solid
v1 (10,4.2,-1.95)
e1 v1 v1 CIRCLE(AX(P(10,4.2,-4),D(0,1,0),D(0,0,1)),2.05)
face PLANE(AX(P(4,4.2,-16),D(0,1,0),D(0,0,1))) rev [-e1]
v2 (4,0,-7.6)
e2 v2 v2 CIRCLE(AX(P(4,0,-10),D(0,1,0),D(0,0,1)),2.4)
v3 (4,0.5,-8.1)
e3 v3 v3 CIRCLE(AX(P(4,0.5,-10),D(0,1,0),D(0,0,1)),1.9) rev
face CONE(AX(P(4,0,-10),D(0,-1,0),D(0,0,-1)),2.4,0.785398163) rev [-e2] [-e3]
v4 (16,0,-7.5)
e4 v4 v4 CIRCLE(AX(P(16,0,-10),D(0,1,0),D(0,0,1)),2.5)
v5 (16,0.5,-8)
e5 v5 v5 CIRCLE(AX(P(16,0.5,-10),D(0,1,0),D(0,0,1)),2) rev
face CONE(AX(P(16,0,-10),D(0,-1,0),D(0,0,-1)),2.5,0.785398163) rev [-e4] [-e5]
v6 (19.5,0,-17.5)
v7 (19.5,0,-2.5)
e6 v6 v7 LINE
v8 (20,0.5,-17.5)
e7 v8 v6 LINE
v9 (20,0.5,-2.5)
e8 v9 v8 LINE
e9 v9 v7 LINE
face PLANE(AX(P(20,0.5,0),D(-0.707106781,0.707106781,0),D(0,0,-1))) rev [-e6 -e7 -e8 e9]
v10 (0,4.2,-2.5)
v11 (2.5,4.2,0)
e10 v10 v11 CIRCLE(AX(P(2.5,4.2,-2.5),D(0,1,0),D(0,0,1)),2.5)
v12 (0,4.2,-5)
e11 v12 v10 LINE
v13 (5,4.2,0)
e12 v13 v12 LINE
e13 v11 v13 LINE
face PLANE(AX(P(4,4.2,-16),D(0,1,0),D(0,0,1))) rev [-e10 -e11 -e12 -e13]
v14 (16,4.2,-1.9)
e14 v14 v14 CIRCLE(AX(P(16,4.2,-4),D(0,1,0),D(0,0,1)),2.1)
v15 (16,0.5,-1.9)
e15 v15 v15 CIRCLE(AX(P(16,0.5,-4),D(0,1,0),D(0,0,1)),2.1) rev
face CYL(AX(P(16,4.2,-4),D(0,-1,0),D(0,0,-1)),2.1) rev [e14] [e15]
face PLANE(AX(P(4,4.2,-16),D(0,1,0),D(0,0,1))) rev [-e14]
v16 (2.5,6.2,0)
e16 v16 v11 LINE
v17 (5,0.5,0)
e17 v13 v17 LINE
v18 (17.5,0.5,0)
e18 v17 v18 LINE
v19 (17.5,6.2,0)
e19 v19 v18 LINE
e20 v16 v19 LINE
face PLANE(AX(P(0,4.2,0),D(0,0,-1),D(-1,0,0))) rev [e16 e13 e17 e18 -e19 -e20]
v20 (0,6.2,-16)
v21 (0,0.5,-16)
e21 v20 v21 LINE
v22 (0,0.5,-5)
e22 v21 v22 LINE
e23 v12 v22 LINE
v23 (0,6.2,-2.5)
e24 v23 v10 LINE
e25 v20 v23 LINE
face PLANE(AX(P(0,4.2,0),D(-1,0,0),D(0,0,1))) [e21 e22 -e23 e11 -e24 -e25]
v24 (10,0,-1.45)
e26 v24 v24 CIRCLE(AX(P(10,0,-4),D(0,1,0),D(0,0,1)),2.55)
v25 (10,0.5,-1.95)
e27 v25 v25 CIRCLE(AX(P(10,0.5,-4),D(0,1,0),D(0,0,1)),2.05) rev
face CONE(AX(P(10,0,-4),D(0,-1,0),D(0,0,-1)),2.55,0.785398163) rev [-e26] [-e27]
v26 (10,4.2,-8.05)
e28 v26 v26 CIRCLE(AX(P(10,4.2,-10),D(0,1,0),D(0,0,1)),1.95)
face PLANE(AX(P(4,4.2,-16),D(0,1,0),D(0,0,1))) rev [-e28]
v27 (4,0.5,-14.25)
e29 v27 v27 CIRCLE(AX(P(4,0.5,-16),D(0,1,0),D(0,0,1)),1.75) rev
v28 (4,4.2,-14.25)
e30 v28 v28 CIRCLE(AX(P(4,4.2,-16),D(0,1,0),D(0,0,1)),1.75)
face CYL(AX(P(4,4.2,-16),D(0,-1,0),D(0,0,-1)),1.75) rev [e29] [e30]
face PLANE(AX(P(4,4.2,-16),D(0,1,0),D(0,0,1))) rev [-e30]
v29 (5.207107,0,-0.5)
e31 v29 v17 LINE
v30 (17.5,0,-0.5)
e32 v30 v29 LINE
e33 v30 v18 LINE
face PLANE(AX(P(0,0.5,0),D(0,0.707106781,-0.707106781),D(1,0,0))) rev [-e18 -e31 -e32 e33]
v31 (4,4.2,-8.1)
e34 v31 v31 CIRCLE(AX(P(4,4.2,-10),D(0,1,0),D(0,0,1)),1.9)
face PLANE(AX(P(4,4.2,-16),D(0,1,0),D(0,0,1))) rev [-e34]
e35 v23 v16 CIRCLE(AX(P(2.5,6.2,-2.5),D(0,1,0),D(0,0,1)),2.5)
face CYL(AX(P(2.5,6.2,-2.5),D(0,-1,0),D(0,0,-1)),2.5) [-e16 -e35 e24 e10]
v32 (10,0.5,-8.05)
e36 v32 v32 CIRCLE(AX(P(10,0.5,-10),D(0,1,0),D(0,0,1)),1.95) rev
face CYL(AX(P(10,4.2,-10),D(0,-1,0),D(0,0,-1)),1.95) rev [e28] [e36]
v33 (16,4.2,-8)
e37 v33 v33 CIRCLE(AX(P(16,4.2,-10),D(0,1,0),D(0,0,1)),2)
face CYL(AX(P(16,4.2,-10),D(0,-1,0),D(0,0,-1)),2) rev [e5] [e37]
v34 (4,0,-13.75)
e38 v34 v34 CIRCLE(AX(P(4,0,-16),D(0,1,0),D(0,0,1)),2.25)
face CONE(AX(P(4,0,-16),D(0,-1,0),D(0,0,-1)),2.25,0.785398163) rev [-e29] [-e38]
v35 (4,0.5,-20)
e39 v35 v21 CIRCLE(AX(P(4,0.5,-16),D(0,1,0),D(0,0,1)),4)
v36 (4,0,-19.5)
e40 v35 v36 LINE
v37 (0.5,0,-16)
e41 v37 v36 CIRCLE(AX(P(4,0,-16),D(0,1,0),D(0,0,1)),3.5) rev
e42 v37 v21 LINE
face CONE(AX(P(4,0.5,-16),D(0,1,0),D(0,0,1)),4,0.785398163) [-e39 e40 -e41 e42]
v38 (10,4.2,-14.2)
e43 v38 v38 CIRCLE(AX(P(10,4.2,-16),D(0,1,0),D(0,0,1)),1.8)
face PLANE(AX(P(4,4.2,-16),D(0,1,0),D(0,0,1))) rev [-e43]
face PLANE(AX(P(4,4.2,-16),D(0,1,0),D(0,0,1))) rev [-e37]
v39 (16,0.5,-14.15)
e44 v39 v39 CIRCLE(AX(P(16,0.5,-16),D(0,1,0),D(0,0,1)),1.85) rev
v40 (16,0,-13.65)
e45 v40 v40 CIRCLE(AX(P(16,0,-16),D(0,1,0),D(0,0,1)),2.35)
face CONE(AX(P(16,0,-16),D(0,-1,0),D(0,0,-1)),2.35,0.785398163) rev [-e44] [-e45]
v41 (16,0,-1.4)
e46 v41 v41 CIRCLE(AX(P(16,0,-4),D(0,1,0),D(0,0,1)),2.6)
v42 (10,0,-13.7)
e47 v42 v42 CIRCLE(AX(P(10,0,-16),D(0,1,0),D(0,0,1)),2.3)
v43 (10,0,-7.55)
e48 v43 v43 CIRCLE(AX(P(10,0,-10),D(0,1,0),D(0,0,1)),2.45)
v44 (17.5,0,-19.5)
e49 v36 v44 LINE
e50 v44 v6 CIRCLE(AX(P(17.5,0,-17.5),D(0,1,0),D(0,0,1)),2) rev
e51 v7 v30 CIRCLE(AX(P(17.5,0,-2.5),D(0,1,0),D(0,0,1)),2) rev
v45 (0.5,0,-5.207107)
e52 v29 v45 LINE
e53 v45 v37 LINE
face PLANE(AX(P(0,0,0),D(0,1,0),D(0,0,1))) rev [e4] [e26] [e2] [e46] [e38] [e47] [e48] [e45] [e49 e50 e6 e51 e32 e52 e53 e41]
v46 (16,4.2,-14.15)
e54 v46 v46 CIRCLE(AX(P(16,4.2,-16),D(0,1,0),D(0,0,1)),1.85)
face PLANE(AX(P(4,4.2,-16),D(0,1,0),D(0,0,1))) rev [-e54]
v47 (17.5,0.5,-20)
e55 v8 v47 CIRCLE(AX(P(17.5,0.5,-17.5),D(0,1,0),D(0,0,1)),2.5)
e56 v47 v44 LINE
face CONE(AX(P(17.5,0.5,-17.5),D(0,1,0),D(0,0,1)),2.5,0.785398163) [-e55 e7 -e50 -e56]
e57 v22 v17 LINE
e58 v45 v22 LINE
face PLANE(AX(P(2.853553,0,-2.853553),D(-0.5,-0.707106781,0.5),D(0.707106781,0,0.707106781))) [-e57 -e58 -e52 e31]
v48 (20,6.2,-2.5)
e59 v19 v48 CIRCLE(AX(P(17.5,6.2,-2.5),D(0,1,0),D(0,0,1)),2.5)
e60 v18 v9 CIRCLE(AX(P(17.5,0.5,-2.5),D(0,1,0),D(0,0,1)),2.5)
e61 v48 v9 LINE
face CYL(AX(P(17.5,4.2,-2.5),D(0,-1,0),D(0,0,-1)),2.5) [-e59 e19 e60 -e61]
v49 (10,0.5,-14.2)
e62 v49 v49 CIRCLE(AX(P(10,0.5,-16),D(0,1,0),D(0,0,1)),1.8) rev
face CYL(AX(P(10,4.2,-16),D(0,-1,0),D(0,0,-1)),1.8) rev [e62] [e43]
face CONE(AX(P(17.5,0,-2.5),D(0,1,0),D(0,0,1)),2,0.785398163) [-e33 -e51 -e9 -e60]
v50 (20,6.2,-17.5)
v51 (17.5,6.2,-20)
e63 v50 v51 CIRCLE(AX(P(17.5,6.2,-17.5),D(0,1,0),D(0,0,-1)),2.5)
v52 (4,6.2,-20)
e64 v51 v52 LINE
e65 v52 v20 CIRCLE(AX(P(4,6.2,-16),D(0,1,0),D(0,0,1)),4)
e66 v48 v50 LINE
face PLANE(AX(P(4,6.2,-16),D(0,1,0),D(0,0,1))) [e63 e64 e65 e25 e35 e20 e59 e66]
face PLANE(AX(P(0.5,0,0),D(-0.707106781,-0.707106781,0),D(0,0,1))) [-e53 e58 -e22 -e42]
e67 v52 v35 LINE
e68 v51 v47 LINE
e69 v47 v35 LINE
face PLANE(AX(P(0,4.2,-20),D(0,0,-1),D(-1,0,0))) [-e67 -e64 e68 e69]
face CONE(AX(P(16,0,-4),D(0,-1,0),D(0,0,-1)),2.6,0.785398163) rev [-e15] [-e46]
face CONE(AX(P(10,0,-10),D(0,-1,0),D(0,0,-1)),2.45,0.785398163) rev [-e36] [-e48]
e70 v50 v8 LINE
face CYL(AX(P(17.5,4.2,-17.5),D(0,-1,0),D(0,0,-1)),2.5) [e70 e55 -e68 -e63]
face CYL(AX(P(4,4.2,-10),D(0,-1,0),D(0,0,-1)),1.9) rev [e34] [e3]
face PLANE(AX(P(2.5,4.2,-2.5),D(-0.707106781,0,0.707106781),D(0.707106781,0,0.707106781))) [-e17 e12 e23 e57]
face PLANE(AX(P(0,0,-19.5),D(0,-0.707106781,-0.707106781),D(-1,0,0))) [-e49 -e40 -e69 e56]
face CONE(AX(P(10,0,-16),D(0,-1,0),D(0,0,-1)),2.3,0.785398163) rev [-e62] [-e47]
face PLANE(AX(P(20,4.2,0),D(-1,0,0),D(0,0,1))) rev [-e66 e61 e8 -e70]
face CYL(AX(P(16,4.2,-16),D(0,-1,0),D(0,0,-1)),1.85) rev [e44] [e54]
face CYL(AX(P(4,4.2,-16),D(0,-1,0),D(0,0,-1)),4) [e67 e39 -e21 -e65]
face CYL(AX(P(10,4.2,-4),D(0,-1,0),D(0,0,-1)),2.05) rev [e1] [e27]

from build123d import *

# Parameters (mm, degrees)
SKETCH1_R           = 2.05
SKETCH1_R_2         = 2.1
SKETCH1_R_3         = 1.9
SKETCH1_R_4         = 1.75
SKETCH1_R_5         = 1.95
SKETCH1_R_6         = 2
SKETCH1_R_7         = 1.8
SKETCH1_R_8         = 1.85
BOSS_EXTRUDE1_DEPTH = 4.2
BOSS_EXTRUDE2_DEPTH = 2
CHAMFER1_SIZE       = 0.5


with BuildPart() as part:
    # Sketch1 → Boss-Extrude1 (new body)
    with BuildSketch(Plane(origin=(0, 0, 0), x_dir=(1, 0, 0), z_dir=(0, 1, 0))):
        with BuildLine():
            Line((0, 5), (5, 0))
            Line((5, 0), (17.5, 0))
            ThreePointArc((17.5, 0), (19.267766953, 0.732233047), (20, 2.5))
            Line((20, 2.5), (20, 17.5))
            ThreePointArc((20, 17.5), (19.267766953, 19.267766953), (17.5, 20))
            Line((17.5, 20), (4, 20))
            ThreePointArc((4, 20), (1.171572875, 18.828427125), (0, 16))
            Line((0, 16), (0, 5))
        make_face()
        with Locations(Location((10, 4, 0), (0, 0, 270))):
            Circle(SKETCH1_R, mode=Mode.SUBTRACT)
        with Locations(Location((16, 4, 0), (0, 0, 270))):
            Circle(SKETCH1_R_2, mode=Mode.SUBTRACT)
        with Locations(Location((4, 10, 0), (0, 0, 270))):
            Circle(SKETCH1_R_3, mode=Mode.SUBTRACT)
        with Locations(Location((4, 16, 0), (0, 0, 270))):
            Circle(SKETCH1_R_4, mode=Mode.SUBTRACT)
        with Locations(Location((10, 10, 0), (0, 0, 270))):
            Circle(SKETCH1_R_5, mode=Mode.SUBTRACT)
        with Locations(Location((16, 10, 0), (0, 0, 270))):
            Circle(SKETCH1_R_6, mode=Mode.SUBTRACT)
        with Locations(Location((10, 16, 0), (0, 0, 270))):
            Circle(SKETCH1_R_7, mode=Mode.SUBTRACT)
        with Locations(Location((16, 16, 0), (0, 0, 270))):
            Circle(SKETCH1_R_8, mode=Mode.SUBTRACT)
    extrude(amount=BOSS_EXTRUDE1_DEPTH)

    # Sketch2 → Boss-Extrude2 (add)
    with BuildSketch(Plane(origin=(0, 4.2, 0), x_dir=(1, 0, 0), z_dir=(0, 1, 0))):
        with BuildLine():
            Line((20, 17.5), (20, 2.5))
            ThreePointArc((20, 2.5), (19.267766953, 0.732233047), (17.5, 0))
            Line((17.5, 0), (2.5, 0))
            ThreePointArc((2.5, 0), (0.732233047, 0.732233047), (0, 2.5))
            Line((0, 2.5), (0, 5))
            Line((0, 5), (0, 16))
            ThreePointArc((0, 16), (1.171572875, 18.828427125), (4, 20))
            Line((4, 20), (17.5, 20))
            ThreePointArc((17.5, 20), (19.267766953, 19.267766953), (20, 17.5))
        make_face()
    extrude(amount=BOSS_EXTRUDE2_DEPTH)

    # Chamfer1
    chamfer1_edges = [part.edges().sort_by_distance(p)[0] for p in [
        (19.267766953, 0, -19.267766953),
        (20, 0, -10),
        (19.267766953, 0, -0.732233047),
        (11.25, 0, 0),
        (2.5, 0, -2.5),
        (0, 0, -10.5),
        (1.171572875, 0, -18.828427125),
        (10.75, 0, -20),
        (4, 0, -17.75),
        (10, 0, -17.8),
        (16, 0, -17.85),
        (4, 0, -11.9),
        (10, 0, -11.95),
        (16, 0, -12),
        (10, 0, -6.05),
        (16, 0, -6.1),
    ]]
    chamfer(chamfer1_edges, length=CHAMFER1_SIZE)


solid = part.part
